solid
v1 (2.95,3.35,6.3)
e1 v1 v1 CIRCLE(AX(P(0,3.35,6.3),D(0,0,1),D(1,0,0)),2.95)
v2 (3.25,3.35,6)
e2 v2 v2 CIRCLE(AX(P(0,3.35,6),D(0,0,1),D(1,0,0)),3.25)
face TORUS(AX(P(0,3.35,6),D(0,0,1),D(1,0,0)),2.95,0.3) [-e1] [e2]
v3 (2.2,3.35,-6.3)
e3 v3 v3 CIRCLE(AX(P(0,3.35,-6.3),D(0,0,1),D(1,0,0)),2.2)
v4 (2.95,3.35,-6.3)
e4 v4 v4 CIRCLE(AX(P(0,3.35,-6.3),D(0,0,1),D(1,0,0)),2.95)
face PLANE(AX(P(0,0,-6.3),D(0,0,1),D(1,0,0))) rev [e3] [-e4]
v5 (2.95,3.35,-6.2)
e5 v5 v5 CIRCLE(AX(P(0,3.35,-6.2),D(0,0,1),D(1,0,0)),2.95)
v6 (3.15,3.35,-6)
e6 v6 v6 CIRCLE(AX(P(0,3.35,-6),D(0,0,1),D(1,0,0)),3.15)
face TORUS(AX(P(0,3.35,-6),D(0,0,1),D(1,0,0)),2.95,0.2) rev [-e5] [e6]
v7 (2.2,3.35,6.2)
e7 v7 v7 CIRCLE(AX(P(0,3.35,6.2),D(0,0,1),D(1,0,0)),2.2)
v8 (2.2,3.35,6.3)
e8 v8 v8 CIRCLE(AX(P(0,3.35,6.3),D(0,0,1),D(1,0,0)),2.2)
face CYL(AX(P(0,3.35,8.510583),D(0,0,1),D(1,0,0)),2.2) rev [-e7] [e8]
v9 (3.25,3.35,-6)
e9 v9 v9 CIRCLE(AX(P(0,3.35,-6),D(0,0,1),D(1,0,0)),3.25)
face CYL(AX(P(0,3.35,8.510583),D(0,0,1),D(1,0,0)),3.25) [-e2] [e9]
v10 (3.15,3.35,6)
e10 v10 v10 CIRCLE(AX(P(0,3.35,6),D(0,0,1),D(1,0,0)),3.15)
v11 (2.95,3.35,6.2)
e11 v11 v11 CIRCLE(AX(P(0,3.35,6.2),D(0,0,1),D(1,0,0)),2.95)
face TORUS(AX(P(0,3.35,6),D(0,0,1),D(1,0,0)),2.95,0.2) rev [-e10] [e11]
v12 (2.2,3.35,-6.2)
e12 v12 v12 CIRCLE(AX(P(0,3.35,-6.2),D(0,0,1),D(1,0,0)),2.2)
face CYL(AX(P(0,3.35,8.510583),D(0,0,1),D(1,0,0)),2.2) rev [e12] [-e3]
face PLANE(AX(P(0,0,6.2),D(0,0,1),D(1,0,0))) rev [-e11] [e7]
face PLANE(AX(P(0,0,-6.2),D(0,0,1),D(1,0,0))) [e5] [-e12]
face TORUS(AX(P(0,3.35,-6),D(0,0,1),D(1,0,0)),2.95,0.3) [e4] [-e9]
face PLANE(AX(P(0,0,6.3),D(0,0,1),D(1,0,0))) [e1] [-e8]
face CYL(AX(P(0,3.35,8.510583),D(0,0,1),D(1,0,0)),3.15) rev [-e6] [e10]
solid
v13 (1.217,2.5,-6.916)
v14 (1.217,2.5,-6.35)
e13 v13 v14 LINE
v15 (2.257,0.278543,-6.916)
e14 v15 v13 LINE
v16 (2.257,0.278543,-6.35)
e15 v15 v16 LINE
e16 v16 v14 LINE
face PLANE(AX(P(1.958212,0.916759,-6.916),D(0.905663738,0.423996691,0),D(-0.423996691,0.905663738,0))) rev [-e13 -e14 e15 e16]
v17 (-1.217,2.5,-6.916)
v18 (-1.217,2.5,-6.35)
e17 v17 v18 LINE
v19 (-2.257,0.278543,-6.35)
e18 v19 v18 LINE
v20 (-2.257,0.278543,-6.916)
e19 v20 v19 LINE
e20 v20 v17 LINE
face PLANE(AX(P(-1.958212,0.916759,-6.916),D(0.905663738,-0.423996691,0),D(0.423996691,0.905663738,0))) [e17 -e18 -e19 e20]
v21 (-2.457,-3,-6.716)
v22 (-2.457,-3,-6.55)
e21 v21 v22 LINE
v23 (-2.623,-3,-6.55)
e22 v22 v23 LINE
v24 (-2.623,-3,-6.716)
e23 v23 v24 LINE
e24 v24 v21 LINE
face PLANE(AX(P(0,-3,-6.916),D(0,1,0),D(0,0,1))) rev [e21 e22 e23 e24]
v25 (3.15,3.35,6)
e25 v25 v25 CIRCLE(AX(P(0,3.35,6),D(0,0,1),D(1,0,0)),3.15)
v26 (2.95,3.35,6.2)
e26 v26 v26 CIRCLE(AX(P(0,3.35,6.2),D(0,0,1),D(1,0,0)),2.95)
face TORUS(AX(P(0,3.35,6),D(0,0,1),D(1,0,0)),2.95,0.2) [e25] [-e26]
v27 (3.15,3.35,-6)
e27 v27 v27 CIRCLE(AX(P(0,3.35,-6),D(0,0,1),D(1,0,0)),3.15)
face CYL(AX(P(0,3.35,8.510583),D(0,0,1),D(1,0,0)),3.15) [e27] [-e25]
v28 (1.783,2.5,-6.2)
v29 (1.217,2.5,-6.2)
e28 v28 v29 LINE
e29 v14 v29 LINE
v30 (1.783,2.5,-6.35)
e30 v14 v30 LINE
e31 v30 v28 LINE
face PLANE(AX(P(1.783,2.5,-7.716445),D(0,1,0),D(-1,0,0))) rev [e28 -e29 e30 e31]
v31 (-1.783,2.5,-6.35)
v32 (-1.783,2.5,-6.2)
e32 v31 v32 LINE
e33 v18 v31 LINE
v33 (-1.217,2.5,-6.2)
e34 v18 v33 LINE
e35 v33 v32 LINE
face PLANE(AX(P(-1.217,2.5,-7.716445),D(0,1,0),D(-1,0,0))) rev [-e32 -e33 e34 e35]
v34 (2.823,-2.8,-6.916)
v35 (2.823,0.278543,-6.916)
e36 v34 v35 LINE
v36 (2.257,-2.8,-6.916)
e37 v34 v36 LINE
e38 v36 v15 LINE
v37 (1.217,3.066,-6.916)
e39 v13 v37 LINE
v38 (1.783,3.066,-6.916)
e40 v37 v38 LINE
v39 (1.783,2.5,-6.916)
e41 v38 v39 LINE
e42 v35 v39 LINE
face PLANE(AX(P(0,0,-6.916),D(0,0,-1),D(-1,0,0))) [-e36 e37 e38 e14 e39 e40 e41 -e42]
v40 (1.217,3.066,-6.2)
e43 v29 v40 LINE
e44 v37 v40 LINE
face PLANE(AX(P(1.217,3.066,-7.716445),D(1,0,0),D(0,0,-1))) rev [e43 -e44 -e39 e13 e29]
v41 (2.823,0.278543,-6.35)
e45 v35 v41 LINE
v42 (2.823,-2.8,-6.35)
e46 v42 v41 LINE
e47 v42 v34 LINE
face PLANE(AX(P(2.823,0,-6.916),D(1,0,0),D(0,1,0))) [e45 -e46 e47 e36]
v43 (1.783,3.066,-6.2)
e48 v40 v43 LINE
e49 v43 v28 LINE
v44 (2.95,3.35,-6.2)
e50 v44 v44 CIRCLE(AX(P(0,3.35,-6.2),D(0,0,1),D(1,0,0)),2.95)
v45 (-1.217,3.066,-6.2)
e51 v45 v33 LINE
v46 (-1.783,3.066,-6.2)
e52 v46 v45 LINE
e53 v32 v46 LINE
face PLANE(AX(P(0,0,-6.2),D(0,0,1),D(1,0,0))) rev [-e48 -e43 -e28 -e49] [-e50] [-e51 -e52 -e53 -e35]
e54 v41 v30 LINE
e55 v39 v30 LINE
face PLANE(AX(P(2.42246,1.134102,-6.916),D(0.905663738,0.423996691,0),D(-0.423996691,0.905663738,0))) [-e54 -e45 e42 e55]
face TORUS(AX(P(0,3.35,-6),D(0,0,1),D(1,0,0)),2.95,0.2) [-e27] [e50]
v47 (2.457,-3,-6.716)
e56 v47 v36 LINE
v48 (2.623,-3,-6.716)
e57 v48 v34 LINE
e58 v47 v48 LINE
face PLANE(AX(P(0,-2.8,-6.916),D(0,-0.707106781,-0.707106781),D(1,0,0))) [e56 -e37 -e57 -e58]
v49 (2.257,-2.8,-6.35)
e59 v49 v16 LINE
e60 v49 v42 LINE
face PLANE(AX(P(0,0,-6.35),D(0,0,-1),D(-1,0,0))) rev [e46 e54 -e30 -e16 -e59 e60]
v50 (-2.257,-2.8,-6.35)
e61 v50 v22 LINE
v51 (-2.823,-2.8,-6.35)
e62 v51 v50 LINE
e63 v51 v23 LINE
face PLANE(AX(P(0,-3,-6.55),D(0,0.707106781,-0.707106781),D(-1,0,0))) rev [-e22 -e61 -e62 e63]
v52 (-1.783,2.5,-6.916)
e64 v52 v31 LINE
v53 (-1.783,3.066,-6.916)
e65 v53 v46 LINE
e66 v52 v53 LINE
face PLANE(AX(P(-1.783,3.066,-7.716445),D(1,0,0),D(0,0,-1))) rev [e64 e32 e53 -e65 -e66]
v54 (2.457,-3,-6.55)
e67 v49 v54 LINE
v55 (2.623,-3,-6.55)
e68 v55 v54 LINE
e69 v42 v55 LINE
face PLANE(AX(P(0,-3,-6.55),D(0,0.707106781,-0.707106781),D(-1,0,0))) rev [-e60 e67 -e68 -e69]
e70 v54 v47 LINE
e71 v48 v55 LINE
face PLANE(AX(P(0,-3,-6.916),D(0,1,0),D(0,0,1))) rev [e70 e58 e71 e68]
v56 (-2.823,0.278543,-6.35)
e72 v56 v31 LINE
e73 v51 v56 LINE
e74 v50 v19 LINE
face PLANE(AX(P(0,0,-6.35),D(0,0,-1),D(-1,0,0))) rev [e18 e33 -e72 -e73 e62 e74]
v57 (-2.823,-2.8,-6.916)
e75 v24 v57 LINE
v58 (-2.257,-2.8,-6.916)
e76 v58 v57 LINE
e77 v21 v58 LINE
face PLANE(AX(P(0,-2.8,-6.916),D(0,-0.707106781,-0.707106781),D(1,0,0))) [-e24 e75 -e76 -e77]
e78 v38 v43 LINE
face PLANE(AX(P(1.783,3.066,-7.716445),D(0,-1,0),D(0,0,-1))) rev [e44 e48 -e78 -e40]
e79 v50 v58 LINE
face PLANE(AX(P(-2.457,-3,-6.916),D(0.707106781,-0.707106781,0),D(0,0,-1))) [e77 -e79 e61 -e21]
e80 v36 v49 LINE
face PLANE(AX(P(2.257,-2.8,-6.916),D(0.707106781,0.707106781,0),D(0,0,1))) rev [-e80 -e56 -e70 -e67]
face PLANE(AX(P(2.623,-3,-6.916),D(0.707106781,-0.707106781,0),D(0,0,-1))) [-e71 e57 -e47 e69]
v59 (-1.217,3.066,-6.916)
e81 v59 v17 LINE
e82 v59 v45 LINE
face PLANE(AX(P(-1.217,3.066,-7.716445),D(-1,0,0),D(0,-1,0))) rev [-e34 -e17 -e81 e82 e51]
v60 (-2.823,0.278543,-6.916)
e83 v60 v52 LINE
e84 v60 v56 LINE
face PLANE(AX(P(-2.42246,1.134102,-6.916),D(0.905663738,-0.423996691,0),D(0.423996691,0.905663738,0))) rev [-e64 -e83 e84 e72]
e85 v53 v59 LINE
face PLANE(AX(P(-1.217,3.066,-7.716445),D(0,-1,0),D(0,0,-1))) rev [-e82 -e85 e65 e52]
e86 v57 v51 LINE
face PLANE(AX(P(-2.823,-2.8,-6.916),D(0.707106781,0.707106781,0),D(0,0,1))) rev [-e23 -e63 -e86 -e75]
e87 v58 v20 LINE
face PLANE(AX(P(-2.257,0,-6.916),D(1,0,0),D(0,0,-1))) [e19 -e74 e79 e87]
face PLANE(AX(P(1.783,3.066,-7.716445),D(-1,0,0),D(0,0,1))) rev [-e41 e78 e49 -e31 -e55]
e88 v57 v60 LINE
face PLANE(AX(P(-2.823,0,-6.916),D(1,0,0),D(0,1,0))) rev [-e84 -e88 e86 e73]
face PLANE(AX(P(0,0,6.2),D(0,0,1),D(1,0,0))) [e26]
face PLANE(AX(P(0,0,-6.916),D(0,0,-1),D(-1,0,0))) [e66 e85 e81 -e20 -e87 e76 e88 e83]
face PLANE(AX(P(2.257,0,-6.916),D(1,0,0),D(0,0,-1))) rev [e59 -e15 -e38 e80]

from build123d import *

# Parameters (mm, degrees)
BOSS_EXTRUDE1_DEPTH   = 0.566
BOSS_EXTRUDE1_2_DEPTH = 0.566
SKETCH4_W             = 0.566
SKETCH4_H             = 0.566
BOSS_EXTRUDE2_DEPTH   = 0.716
CHAMFER1_SIZE         = 0.2


with BuildPart() as part:
    # Sketch1 → Revolve1 (revolve)
    with BuildSketch(Plane(origin=(0, 0, 0), x_dir=(0, 0, -1), z_dir=(1, 0, 0)), mode=Mode.PRIVATE) as revolve1_sk:
        with BuildLine():
            ThreePointArc((-6.3, 0.4), (-6.212132034, 0.187867966), (-6, 0.1))
            Line((-6, 0.1), (6, 0.1))
            ThreePointArc((6, 0.1), (6.212132034, 0.187867966), (6.3, 0.4))
            Line((6.3, 0.4), (6.3, 1.15))
            Line((6.3, 1.15), (6.2, 1.15))
            Line((6.2, 1.15), (6.2, 0.4))
            ThreePointArc((6.2, 0.4), (6.141421356, 0.258578644), (6, 0.2))
            Line((6, 0.2), (-6, 0.2))
            ThreePointArc((-6, 0.2), (-6.141421356, 0.258578644), (-6.2, 0.4))
            Line((-6.2, 0.4), (-6.2, 1.15))
            Line((-6.2, 1.15), (-6.3, 1.15))
            Line((-6.3, 1.15), (-6.3, 0.4))
        make_face()
    revolve(revolve1_sk.sketch.rotate(Axis((0, 3.35, 8.510583283), (0, 0, -1)), 270), axis=Axis((0, 3.35, 8.510583283), (0, 0, -1)))


with BuildPart() as body_2:
    # Sketch1<4> → Revolve2 (revolve)
    with BuildSketch(Plane(origin=(0, 0, 0), x_dir=(0, 0, -1), z_dir=(1, 0, 0))):
        with BuildLine():
            Line((-6.2, 3.35), (-6.2, 1.15))
            Line((-6.2, 1.15), (-6.2, 0.4))
            ThreePointArc((-6.2, 0.4), (-6.141421356, 0.258578644), (-6, 0.2))
            Line((-6, 0.2), (6, 0.2))
            ThreePointArc((6, 0.2), (6.141421356, 0.258578644), (6.2, 0.4))
            Line((6.2, 0.4), (6.2, 1.15))
            Line((6.2, 1.15), (6.2, 3.35))
            Line((6.2, 3.35), (-6.2, 3.35))
        make_face()
    revolve(axis=Axis((0, 3.35, 8.510583283), (0, 0, -1)))



with BuildPart() as body_3:
    # Sketch3 → Boss-Extrude1 (new body)
    with BuildSketch(Plane(origin=(0, 0, -6.35), x_dir=(-1, 0, 0), z_dir=(0, 0, -1))):
        Polygon((2.257, -3), (2.257, 0.278543307), (1.217, 2.5), (1.783, 2.5), (2.823, 0.278543307), (2.823, -3), align=None)
    extrude(amount=BOSS_EXTRUDE1_DEPTH)


with BuildPart() as body_4:
    # Sketch3 → Boss-Extrude1 2 (new body)
    with BuildSketch(Plane(origin=(0, 0, -6.35), x_dir=(-1, 0, 0), z_dir=(0, 0, -1))):
        Polygon((-2.823, 0.278543307), (-1.783, 2.5), (-1.217, 2.5), (-2.257, 0.278543307), (-2.257, -3), (-2.823, -3), align=None)
    extrude(amount=BOSS_EXTRUDE1_2_DEPTH)


with BuildPart() as body_2_1:
    add(body_2.part)

    add(body_3.part)  # Boss-Extrude2 merges body 3

    add(body_4.part)  # Boss-Extrude2 merges body 4
    # Sketch4 → Boss-Extrude2 (add)
    with BuildSketch(Plane(origin=(0, 0, -6.2), x_dir=(-1, 0, 0), z_dir=(0, 0, -1))):
        with Locations((-1.5, 2.783)):
            Rectangle(SKETCH4_W, SKETCH4_H)
        with Locations((1.5, 2.783)):
            Rectangle(SKETCH4_W, SKETCH4_H)
    extrude(amount=BOSS_EXTRUDE2_DEPTH)

    # Chamfer1
    chamfer1_edges = [body_2_1.edges().sort_by_distance(p)[0] for p in [
        (2.54, -3, -6.35),
        (2.823, -3, -6.633),
        (2.257, -3, -6.633),
        (2.54, -3, -6.916),
        (-2.54, -3, -6.35),
        (-2.257, -3, -6.633),
        (-2.823, -3, -6.633),
        (-2.54, -3, -6.916),
    ]]
    chamfer(chamfer1_edges, length=CHAMFER1_SIZE)


solid = Compound([part.part, body_2_1.part])
